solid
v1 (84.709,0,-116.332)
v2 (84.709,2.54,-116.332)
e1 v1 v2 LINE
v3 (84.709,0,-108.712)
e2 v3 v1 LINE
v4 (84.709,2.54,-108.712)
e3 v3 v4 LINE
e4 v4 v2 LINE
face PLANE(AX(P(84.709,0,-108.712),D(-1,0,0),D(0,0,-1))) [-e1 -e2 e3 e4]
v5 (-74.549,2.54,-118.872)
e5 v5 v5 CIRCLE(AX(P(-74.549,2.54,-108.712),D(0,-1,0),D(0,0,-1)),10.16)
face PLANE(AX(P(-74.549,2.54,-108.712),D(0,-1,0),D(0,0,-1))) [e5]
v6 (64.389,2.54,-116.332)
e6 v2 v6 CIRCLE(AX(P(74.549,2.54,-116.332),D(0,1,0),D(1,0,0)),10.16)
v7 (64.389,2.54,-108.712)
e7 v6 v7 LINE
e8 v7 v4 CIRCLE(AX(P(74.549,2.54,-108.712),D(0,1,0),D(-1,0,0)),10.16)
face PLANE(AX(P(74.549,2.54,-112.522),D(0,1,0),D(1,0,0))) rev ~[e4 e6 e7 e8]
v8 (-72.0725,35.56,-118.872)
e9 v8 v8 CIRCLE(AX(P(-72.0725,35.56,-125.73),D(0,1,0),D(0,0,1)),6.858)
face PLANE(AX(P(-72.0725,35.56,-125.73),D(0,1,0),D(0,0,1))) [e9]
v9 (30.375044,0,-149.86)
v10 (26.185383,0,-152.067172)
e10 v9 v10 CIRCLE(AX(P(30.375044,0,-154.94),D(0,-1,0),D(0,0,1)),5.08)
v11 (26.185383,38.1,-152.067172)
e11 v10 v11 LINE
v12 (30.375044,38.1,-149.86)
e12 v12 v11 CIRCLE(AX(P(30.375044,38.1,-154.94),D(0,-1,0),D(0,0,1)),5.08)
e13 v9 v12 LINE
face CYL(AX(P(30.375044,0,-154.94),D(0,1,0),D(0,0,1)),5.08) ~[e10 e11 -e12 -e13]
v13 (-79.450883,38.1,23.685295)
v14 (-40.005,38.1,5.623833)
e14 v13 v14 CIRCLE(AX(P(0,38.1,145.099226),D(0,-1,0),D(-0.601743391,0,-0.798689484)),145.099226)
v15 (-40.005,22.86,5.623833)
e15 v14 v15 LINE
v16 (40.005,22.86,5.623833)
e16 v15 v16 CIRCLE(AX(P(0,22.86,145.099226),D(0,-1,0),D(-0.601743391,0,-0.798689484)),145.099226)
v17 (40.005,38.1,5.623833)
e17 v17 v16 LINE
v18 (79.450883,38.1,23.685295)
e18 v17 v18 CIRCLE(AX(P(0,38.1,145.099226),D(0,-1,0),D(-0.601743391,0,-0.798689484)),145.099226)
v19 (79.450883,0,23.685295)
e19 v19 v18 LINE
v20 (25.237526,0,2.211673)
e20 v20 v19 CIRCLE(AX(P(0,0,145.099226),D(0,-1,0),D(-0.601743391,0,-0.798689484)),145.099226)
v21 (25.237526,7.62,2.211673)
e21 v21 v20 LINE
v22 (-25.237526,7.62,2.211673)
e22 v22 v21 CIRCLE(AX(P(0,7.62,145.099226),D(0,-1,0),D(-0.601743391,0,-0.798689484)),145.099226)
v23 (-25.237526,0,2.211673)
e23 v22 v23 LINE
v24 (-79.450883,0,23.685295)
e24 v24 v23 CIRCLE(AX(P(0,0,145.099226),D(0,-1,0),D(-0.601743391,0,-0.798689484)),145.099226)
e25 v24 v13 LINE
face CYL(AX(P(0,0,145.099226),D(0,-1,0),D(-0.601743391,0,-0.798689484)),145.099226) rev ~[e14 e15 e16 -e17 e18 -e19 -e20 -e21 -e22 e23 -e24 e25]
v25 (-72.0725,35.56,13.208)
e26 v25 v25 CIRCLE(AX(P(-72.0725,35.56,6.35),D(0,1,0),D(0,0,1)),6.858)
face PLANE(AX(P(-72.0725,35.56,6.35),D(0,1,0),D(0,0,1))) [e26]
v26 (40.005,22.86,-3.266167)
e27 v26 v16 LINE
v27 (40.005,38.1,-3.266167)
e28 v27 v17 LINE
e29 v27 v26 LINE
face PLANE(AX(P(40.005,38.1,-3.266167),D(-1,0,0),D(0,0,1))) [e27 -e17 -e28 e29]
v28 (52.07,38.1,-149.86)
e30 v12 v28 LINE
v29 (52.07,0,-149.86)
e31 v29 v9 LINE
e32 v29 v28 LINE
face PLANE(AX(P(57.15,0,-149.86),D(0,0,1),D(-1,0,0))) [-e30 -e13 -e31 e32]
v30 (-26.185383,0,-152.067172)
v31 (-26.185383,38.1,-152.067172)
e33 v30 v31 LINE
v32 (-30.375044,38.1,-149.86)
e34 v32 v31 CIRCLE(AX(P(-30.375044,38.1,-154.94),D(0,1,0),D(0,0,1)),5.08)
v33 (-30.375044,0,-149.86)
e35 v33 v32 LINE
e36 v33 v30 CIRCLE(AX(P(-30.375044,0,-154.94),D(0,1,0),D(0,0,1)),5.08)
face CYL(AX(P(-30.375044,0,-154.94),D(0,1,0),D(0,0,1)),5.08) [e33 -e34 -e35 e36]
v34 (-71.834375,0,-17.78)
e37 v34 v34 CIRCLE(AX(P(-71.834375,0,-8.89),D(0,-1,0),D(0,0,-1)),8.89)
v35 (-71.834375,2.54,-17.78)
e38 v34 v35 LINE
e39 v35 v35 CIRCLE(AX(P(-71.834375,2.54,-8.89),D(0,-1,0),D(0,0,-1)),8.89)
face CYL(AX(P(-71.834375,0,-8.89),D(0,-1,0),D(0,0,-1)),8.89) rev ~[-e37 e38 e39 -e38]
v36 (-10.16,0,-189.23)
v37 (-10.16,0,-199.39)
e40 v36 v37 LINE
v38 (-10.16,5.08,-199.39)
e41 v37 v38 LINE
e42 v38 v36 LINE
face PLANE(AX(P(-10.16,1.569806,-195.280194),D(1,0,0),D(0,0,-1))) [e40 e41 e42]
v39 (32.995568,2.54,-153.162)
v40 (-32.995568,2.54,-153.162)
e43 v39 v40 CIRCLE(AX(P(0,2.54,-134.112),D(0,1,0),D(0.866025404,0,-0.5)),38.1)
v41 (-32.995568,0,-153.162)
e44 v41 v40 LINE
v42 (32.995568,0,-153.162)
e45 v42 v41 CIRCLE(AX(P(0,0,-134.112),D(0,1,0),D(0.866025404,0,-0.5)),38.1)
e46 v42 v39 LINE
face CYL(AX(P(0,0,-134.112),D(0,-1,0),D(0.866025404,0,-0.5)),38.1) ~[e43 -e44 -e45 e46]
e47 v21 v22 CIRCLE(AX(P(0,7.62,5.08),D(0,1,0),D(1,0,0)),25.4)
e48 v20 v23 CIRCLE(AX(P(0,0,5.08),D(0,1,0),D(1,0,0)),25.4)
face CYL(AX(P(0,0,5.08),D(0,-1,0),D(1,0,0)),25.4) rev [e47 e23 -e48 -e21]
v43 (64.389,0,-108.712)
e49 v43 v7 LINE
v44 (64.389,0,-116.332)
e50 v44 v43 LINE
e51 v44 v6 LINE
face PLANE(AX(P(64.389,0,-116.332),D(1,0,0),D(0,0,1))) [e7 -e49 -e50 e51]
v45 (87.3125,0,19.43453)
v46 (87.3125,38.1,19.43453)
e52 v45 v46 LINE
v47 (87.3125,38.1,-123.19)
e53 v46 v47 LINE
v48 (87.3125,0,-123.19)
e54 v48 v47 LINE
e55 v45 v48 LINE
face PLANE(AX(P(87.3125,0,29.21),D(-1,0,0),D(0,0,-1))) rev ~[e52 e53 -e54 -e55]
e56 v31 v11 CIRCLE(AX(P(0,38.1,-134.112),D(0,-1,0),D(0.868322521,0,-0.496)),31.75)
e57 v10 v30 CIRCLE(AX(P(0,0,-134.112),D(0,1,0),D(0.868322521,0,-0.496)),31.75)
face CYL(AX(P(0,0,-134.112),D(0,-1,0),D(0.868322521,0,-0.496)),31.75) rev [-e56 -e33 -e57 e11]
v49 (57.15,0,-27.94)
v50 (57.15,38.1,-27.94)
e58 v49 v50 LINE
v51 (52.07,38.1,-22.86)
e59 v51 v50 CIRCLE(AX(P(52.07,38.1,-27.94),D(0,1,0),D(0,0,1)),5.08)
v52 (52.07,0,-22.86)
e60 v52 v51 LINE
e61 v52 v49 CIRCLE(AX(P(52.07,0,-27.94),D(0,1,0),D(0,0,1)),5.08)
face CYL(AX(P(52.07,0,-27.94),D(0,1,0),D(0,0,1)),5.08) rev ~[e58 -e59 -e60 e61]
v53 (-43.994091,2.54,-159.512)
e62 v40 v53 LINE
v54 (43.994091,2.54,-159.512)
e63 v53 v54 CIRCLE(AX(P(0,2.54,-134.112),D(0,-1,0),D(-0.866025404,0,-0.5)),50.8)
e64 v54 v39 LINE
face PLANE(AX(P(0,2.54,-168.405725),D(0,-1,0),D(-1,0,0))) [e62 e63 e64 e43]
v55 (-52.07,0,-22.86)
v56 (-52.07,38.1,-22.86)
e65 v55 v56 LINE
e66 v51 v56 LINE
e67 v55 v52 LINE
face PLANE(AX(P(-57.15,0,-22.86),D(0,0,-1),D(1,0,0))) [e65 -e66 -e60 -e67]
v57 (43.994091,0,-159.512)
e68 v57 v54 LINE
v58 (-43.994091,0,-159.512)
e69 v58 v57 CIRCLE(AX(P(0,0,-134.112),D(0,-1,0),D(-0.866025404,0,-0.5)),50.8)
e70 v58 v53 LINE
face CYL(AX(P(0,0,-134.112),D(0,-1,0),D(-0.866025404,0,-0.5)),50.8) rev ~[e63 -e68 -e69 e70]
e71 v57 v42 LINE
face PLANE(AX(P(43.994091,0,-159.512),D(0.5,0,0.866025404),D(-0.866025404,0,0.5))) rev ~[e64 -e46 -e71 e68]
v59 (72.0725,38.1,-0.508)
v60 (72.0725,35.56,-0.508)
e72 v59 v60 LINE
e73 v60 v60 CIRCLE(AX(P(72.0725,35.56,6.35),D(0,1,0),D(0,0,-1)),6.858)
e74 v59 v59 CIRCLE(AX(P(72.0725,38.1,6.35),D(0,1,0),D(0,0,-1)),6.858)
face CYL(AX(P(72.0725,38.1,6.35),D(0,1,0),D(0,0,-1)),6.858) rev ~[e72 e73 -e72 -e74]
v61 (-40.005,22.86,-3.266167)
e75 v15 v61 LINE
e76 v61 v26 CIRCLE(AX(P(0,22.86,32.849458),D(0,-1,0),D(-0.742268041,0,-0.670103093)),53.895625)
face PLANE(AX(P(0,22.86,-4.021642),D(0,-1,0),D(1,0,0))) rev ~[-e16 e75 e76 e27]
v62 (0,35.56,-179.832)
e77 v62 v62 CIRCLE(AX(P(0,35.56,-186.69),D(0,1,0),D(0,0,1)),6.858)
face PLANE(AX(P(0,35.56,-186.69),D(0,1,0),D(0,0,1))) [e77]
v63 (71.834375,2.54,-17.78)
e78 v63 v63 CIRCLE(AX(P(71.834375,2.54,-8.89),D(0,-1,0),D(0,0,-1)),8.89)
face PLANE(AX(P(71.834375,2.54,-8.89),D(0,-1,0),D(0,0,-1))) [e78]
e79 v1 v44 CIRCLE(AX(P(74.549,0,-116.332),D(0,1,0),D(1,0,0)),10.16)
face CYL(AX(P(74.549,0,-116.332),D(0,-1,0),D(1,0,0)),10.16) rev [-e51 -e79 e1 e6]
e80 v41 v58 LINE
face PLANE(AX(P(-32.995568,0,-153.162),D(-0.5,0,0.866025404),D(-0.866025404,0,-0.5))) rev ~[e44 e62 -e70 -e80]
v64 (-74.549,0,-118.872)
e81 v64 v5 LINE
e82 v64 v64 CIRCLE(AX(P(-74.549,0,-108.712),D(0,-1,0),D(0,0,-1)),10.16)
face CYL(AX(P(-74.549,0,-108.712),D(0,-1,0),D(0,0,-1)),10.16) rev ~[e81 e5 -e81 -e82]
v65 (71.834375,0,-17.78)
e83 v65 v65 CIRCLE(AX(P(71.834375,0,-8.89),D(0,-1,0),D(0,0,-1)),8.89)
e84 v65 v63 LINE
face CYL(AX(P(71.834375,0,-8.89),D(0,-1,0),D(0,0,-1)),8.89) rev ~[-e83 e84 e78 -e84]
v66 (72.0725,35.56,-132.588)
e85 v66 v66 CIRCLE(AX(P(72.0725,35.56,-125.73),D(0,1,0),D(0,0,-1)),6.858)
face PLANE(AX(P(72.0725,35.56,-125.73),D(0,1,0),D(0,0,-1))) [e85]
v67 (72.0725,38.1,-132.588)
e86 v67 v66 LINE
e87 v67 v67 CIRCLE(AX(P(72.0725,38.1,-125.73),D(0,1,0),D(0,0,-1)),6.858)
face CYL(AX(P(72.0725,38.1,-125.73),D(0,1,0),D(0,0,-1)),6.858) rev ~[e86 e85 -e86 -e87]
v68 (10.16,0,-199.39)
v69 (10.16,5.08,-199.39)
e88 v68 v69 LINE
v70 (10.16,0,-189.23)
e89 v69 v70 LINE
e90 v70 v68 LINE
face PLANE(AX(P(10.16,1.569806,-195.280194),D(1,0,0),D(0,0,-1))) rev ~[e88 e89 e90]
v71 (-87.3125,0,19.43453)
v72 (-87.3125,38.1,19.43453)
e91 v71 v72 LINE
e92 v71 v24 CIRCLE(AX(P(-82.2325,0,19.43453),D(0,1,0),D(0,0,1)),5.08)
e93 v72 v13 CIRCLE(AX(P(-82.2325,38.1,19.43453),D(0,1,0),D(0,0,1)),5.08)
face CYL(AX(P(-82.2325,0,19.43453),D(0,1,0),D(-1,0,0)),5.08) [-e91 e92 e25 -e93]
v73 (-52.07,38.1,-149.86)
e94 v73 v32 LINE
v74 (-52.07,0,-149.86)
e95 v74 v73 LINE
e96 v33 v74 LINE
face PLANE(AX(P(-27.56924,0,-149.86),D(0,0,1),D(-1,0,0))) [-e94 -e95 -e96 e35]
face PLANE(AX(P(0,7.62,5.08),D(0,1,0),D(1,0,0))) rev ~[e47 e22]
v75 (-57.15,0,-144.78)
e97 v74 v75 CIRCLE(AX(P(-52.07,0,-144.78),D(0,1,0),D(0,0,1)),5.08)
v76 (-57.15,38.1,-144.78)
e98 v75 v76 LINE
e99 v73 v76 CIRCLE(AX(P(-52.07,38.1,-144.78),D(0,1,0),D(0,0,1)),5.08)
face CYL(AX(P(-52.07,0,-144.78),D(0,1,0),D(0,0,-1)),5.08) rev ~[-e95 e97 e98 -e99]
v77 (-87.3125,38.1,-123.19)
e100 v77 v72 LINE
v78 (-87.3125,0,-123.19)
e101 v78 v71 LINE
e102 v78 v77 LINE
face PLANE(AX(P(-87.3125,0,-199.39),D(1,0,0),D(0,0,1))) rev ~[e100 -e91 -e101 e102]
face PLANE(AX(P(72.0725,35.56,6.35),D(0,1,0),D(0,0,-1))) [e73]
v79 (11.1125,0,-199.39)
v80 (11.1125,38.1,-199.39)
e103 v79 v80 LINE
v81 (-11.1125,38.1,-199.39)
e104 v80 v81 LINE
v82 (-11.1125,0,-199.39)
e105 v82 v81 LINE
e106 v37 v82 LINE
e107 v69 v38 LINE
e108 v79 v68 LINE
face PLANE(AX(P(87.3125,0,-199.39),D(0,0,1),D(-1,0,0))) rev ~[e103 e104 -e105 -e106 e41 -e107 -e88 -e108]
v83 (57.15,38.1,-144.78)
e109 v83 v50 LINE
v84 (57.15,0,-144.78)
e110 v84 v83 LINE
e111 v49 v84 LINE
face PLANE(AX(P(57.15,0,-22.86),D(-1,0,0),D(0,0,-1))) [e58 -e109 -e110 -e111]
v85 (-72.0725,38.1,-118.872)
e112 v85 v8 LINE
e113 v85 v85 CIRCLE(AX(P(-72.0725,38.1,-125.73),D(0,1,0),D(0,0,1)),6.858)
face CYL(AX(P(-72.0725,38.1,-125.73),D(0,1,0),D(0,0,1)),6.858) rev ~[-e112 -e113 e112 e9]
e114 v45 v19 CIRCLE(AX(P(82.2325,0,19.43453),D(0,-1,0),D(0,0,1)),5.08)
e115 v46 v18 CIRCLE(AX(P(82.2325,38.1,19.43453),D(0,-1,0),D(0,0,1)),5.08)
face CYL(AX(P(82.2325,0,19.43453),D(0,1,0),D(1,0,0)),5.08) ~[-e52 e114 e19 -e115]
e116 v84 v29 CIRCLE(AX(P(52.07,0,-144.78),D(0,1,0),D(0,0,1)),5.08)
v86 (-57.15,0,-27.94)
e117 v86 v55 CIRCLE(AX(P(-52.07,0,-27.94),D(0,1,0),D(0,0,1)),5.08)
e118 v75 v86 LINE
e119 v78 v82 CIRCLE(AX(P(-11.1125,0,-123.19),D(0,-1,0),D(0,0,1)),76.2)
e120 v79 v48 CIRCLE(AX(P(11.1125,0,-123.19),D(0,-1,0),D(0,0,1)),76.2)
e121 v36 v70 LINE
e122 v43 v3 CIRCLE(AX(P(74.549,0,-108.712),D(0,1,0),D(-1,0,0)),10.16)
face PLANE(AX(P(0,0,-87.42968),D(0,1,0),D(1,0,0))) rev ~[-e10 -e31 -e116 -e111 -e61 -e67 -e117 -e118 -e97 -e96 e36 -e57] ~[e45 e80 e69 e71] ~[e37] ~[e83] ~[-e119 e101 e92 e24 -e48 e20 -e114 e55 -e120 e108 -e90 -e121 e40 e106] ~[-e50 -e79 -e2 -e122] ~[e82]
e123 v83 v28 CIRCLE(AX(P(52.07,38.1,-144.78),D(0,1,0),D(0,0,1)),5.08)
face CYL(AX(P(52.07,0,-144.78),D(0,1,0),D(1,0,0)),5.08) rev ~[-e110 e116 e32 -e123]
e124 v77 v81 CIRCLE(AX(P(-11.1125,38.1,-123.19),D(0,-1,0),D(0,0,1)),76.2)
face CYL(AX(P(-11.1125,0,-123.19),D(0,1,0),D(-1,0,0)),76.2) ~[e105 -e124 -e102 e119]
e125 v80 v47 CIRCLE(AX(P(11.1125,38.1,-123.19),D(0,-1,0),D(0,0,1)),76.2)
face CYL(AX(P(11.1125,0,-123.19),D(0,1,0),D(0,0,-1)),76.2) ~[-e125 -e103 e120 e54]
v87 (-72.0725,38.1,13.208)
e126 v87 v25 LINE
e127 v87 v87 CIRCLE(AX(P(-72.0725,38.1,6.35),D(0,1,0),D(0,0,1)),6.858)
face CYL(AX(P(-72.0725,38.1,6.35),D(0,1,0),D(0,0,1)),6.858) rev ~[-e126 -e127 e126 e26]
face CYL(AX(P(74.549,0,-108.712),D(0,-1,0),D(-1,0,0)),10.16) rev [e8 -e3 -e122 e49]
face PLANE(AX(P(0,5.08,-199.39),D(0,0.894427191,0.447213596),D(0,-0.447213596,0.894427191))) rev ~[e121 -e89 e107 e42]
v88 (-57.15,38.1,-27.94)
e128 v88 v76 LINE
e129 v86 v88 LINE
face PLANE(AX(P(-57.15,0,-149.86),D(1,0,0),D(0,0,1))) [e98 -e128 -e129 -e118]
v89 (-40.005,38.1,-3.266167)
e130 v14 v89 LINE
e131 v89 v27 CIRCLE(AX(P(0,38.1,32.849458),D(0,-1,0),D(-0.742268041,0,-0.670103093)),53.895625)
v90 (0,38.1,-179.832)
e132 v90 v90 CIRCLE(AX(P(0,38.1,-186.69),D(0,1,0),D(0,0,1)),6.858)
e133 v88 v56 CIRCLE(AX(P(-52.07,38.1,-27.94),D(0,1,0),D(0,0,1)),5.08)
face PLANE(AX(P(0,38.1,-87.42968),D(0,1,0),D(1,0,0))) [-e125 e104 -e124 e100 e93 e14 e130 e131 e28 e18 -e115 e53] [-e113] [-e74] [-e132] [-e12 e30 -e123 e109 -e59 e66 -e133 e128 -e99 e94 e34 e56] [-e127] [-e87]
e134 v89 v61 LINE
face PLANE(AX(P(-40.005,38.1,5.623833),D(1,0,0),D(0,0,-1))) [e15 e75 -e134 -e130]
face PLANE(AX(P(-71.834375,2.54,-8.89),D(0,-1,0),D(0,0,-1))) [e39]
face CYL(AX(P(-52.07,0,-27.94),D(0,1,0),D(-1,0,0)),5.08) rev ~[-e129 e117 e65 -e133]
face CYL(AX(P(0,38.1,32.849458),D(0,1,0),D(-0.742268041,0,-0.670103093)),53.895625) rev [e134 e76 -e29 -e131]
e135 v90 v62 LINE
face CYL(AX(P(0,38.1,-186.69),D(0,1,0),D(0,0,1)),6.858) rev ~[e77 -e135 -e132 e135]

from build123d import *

# Parameters (mm, degrees)
BASE_DEPTH                      = 38.1
SKETCH2_R                       = 8.89
SKETCH2_R_2                     = 10.16
COFFEE_MAKER_FEET_CUTOUTS_DEPTH = 2.54
ASYMMETRIC_FOOT_SLOT_DEPTH      = 2.54
FRONT_START                     = -38.1
SKETCH11_R                      = 25.4
FRONT_CUTOUT_DEPTH              = 7.62
FILLET1_R                       = 76.2
DRIP_START                      = -38.1
DRIP_TRAY_CUTOUT_DEPTH          = 15.24
SKETCH5_R                       = 6.858
FEET_PADS_DEPTH                 = 2.54
CENTER_CUTOUT_DEPTH             = 221.978403371
FILLET2_R                       = 5.08
FILLET4_R                       = 5.08
EASY_PRINTER_RELEASE_TAB_DEPTH  = 10.16


with BuildPart() as part:
    # Sketch1 → Base (new body)
    with BuildSketch(Plane(origin=(0, 0, 0), x_dir=(1, 0, 0), z_dir=(0, 1, 0))):
        with BuildLine():
            Line((-87.3125, 199.39), (-87.3125, -29.21))
            ThreePointArc((-87.3125, -29.21), (0, 0), (87.3125, -29.21))
            Line((87.3125, -29.21), (87.3125, 199.39))
            Line((87.3125, 199.39), (-87.3125, 199.39))
        make_face()
    extrude(amount=BASE_DEPTH)

    # Sketch2 → Coffee Maker Feet Cutouts (cut)
    with BuildSketch(Plane(origin=(0, 0, 0), x_dir=(-1, 0, 0), z_dir=(0, -1, 0))):
        with Locations(Location((71.834375, 8.89, 0), (0, 0, 90))):
            Circle(SKETCH2_R)
        with Locations(Location((74.549, 108.712, 0), (0, 0, 90))):
            Circle(SKETCH2_R_2)
        with Locations(Location((-74.549, 108.712, 0), (0, 0, 90))):
            Circle(SKETCH2_R_2)
        with Locations(Location((-71.834375, 8.89, 0), (0, 0, 90))):
            Circle(SKETCH2_R)
        with BuildLine():
            Line((-43.994090512, 159.512), (-32.995567884, 153.162))
            ThreePointArc((-32.995567884, 153.162), (0, 172.212), (32.995567884, 153.162))
            Line((32.995567884, 153.162), (43.994090512, 159.512))
            ThreePointArc((43.994090512, 159.512), (0, 184.912), (-43.994090512, 159.512))
        make_face()
    extrude(amount=-COFFEE_MAKER_FEET_CUTOUTS_DEPTH, mode=Mode.SUBTRACT)

    # Sketch10 → Asymmetric Foot Slot (cut)
    with BuildSketch(Plane(origin=(0, 0, 0), x_dir=(-1, 0, 0), z_dir=(0, -1, 0))):
        with BuildLine():
            Line((-84.709, 108.712), (-84.709, 116.332))
            ThreePointArc((-84.709, 116.332), (-74.549, 126.492), (-64.389, 116.332))
            Line((-64.389, 116.332), (-64.389, 108.712))
            ThreePointArc((-64.389, 108.712), (-74.549, 98.552), (-84.709, 108.712))
        make_face()
    extrude(amount=-ASYMMETRIC_FOOT_SLOT_DEPTH, mode=Mode.SUBTRACT)

    # Sketch11 → Front cutout (cut)
    with BuildSketch(Plane(origin=(0, 38.1, 0), x_dir=(1, 0, 0), z_dir=(0, 1, 0)).offset(FRONT_START)):
        with Locations((0, -5.08)):
            Circle(SKETCH11_R)
    extrude(amount=FRONT_CUTOUT_DEPTH, mode=Mode.SUBTRACT)

    # Fillet1
    fillet1_edges = [part.edges().sort_by_distance(p)[0] for p in [
        (87.3125, 19.05, -199.39),
        (-87.3125, 19.05, -199.39),
    ]]
    fillet(fillet1_edges, radius=FILLET1_R)

    # Sketch4 → Drip Tray Cutout (cut)
    with BuildSketch(Plane.XZ.offset(DRIP_START)):
        with BuildLine():
            Line((40.005, -3.26616737), (40.005, 5.62383263))
            Line((40.005, 5.62383263), (-40.005, 5.62383263))
            Line((-40.005, 5.62383263), (-40.005, -3.26616737))
            ThreePointArc((-40.005, -3.26616737), (0, -21.04616737), (40.005, -3.26616737))
        make_face()
    extrude(amount=DRIP_TRAY_CUTOUT_DEPTH, mode=Mode.SUBTRACT)

    # Sketch5 → Feet Pads (cut)
    with BuildSketch(Plane(origin=(0, 38.1, 0), x_dir=(1, 0, 0), z_dir=(0, 1, 0))):
        with Locations(Location((-72.0725, -6.35, 0), (0, 0, 270))):
            Circle(SKETCH5_R)
        with Locations(Location((-72.0725, 125.73, 0), (0, 0, 270))):
            Circle(SKETCH5_R)
        with Locations(Location((0, 186.69, 0), (0, 0, 270))):
            Circle(SKETCH5_R)
        with Locations(Location((72.0725, 125.73, 0), (0, 0, 90))):
            Circle(SKETCH5_R)
        with Locations(Location((72.0725, -6.35, 0), (0, 0, 90))):
            Circle(SKETCH5_R)
    extrude(amount=-FEET_PADS_DEPTH, mode=Mode.SUBTRACT)

    # Sketch6 → Center cutout (cut, through all)
    with BuildSketch(Plane(origin=(0, 0, 0), x_dir=(-1, 0, 0), z_dir=(0, -1, 0))):
        with BuildLine():
            Line((27.569240033, 149.86), (57.15, 149.86))
            Line((57.15, 149.86), (57.15, 22.86))
            Line((57.15, 22.86), (-57.15, 22.86))
            Line((-57.15, 22.86), (-57.15, 149.86))
            Line((-57.15, 149.86), (-27.569240033, 149.86))
            ThreePointArc((-27.569240033, 149.86), (0, 165.862), (27.569240033, 149.86))
        make_face()
    extrude(amount=-CENTER_CUTOUT_DEPTH, mode=Mode.SUBTRACT)

    # Fillet2
    fillet2_edges = [part.edges().sort_by_distance(p)[0] for p in [
        (57.15, 19.05, -22.86),
        (57.15, 19.05, -149.86),
        (27.569240033, 19.05, -149.86),
        (-27.569240033, 19.05, -149.86),
        (-57.15, 19.05, -149.86),
        (-57.15, 19.05, -22.86),
    ]]
    fillet(fillet2_edges, radius=FILLET2_R)

    # Fillet4
    fillet4_edges = [part.edges().sort_by_distance(p)[0] for p in [
        (87.3125, 19.05, 29.21),
        (-87.3125, 19.05, 29.21),
    ]]
    fillet(fillet4_edges, radius=FILLET4_R)

    # Sketch9 → Easy-Printer-Release-Tab (cut, symmetric)
    with BuildSketch(Plane(origin=(0, 0, 0), x_dir=(0, 0, -1), z_dir=(1, 0, 0))):
        Polygon((199.39, 5.08), (189.23, 0), (199.39, 0), align=None)
    extrude(amount=EASY_PRINTER_RELEASE_TAB_DEPTH, both=True, mode=Mode.SUBTRACT)


solid = part.part
